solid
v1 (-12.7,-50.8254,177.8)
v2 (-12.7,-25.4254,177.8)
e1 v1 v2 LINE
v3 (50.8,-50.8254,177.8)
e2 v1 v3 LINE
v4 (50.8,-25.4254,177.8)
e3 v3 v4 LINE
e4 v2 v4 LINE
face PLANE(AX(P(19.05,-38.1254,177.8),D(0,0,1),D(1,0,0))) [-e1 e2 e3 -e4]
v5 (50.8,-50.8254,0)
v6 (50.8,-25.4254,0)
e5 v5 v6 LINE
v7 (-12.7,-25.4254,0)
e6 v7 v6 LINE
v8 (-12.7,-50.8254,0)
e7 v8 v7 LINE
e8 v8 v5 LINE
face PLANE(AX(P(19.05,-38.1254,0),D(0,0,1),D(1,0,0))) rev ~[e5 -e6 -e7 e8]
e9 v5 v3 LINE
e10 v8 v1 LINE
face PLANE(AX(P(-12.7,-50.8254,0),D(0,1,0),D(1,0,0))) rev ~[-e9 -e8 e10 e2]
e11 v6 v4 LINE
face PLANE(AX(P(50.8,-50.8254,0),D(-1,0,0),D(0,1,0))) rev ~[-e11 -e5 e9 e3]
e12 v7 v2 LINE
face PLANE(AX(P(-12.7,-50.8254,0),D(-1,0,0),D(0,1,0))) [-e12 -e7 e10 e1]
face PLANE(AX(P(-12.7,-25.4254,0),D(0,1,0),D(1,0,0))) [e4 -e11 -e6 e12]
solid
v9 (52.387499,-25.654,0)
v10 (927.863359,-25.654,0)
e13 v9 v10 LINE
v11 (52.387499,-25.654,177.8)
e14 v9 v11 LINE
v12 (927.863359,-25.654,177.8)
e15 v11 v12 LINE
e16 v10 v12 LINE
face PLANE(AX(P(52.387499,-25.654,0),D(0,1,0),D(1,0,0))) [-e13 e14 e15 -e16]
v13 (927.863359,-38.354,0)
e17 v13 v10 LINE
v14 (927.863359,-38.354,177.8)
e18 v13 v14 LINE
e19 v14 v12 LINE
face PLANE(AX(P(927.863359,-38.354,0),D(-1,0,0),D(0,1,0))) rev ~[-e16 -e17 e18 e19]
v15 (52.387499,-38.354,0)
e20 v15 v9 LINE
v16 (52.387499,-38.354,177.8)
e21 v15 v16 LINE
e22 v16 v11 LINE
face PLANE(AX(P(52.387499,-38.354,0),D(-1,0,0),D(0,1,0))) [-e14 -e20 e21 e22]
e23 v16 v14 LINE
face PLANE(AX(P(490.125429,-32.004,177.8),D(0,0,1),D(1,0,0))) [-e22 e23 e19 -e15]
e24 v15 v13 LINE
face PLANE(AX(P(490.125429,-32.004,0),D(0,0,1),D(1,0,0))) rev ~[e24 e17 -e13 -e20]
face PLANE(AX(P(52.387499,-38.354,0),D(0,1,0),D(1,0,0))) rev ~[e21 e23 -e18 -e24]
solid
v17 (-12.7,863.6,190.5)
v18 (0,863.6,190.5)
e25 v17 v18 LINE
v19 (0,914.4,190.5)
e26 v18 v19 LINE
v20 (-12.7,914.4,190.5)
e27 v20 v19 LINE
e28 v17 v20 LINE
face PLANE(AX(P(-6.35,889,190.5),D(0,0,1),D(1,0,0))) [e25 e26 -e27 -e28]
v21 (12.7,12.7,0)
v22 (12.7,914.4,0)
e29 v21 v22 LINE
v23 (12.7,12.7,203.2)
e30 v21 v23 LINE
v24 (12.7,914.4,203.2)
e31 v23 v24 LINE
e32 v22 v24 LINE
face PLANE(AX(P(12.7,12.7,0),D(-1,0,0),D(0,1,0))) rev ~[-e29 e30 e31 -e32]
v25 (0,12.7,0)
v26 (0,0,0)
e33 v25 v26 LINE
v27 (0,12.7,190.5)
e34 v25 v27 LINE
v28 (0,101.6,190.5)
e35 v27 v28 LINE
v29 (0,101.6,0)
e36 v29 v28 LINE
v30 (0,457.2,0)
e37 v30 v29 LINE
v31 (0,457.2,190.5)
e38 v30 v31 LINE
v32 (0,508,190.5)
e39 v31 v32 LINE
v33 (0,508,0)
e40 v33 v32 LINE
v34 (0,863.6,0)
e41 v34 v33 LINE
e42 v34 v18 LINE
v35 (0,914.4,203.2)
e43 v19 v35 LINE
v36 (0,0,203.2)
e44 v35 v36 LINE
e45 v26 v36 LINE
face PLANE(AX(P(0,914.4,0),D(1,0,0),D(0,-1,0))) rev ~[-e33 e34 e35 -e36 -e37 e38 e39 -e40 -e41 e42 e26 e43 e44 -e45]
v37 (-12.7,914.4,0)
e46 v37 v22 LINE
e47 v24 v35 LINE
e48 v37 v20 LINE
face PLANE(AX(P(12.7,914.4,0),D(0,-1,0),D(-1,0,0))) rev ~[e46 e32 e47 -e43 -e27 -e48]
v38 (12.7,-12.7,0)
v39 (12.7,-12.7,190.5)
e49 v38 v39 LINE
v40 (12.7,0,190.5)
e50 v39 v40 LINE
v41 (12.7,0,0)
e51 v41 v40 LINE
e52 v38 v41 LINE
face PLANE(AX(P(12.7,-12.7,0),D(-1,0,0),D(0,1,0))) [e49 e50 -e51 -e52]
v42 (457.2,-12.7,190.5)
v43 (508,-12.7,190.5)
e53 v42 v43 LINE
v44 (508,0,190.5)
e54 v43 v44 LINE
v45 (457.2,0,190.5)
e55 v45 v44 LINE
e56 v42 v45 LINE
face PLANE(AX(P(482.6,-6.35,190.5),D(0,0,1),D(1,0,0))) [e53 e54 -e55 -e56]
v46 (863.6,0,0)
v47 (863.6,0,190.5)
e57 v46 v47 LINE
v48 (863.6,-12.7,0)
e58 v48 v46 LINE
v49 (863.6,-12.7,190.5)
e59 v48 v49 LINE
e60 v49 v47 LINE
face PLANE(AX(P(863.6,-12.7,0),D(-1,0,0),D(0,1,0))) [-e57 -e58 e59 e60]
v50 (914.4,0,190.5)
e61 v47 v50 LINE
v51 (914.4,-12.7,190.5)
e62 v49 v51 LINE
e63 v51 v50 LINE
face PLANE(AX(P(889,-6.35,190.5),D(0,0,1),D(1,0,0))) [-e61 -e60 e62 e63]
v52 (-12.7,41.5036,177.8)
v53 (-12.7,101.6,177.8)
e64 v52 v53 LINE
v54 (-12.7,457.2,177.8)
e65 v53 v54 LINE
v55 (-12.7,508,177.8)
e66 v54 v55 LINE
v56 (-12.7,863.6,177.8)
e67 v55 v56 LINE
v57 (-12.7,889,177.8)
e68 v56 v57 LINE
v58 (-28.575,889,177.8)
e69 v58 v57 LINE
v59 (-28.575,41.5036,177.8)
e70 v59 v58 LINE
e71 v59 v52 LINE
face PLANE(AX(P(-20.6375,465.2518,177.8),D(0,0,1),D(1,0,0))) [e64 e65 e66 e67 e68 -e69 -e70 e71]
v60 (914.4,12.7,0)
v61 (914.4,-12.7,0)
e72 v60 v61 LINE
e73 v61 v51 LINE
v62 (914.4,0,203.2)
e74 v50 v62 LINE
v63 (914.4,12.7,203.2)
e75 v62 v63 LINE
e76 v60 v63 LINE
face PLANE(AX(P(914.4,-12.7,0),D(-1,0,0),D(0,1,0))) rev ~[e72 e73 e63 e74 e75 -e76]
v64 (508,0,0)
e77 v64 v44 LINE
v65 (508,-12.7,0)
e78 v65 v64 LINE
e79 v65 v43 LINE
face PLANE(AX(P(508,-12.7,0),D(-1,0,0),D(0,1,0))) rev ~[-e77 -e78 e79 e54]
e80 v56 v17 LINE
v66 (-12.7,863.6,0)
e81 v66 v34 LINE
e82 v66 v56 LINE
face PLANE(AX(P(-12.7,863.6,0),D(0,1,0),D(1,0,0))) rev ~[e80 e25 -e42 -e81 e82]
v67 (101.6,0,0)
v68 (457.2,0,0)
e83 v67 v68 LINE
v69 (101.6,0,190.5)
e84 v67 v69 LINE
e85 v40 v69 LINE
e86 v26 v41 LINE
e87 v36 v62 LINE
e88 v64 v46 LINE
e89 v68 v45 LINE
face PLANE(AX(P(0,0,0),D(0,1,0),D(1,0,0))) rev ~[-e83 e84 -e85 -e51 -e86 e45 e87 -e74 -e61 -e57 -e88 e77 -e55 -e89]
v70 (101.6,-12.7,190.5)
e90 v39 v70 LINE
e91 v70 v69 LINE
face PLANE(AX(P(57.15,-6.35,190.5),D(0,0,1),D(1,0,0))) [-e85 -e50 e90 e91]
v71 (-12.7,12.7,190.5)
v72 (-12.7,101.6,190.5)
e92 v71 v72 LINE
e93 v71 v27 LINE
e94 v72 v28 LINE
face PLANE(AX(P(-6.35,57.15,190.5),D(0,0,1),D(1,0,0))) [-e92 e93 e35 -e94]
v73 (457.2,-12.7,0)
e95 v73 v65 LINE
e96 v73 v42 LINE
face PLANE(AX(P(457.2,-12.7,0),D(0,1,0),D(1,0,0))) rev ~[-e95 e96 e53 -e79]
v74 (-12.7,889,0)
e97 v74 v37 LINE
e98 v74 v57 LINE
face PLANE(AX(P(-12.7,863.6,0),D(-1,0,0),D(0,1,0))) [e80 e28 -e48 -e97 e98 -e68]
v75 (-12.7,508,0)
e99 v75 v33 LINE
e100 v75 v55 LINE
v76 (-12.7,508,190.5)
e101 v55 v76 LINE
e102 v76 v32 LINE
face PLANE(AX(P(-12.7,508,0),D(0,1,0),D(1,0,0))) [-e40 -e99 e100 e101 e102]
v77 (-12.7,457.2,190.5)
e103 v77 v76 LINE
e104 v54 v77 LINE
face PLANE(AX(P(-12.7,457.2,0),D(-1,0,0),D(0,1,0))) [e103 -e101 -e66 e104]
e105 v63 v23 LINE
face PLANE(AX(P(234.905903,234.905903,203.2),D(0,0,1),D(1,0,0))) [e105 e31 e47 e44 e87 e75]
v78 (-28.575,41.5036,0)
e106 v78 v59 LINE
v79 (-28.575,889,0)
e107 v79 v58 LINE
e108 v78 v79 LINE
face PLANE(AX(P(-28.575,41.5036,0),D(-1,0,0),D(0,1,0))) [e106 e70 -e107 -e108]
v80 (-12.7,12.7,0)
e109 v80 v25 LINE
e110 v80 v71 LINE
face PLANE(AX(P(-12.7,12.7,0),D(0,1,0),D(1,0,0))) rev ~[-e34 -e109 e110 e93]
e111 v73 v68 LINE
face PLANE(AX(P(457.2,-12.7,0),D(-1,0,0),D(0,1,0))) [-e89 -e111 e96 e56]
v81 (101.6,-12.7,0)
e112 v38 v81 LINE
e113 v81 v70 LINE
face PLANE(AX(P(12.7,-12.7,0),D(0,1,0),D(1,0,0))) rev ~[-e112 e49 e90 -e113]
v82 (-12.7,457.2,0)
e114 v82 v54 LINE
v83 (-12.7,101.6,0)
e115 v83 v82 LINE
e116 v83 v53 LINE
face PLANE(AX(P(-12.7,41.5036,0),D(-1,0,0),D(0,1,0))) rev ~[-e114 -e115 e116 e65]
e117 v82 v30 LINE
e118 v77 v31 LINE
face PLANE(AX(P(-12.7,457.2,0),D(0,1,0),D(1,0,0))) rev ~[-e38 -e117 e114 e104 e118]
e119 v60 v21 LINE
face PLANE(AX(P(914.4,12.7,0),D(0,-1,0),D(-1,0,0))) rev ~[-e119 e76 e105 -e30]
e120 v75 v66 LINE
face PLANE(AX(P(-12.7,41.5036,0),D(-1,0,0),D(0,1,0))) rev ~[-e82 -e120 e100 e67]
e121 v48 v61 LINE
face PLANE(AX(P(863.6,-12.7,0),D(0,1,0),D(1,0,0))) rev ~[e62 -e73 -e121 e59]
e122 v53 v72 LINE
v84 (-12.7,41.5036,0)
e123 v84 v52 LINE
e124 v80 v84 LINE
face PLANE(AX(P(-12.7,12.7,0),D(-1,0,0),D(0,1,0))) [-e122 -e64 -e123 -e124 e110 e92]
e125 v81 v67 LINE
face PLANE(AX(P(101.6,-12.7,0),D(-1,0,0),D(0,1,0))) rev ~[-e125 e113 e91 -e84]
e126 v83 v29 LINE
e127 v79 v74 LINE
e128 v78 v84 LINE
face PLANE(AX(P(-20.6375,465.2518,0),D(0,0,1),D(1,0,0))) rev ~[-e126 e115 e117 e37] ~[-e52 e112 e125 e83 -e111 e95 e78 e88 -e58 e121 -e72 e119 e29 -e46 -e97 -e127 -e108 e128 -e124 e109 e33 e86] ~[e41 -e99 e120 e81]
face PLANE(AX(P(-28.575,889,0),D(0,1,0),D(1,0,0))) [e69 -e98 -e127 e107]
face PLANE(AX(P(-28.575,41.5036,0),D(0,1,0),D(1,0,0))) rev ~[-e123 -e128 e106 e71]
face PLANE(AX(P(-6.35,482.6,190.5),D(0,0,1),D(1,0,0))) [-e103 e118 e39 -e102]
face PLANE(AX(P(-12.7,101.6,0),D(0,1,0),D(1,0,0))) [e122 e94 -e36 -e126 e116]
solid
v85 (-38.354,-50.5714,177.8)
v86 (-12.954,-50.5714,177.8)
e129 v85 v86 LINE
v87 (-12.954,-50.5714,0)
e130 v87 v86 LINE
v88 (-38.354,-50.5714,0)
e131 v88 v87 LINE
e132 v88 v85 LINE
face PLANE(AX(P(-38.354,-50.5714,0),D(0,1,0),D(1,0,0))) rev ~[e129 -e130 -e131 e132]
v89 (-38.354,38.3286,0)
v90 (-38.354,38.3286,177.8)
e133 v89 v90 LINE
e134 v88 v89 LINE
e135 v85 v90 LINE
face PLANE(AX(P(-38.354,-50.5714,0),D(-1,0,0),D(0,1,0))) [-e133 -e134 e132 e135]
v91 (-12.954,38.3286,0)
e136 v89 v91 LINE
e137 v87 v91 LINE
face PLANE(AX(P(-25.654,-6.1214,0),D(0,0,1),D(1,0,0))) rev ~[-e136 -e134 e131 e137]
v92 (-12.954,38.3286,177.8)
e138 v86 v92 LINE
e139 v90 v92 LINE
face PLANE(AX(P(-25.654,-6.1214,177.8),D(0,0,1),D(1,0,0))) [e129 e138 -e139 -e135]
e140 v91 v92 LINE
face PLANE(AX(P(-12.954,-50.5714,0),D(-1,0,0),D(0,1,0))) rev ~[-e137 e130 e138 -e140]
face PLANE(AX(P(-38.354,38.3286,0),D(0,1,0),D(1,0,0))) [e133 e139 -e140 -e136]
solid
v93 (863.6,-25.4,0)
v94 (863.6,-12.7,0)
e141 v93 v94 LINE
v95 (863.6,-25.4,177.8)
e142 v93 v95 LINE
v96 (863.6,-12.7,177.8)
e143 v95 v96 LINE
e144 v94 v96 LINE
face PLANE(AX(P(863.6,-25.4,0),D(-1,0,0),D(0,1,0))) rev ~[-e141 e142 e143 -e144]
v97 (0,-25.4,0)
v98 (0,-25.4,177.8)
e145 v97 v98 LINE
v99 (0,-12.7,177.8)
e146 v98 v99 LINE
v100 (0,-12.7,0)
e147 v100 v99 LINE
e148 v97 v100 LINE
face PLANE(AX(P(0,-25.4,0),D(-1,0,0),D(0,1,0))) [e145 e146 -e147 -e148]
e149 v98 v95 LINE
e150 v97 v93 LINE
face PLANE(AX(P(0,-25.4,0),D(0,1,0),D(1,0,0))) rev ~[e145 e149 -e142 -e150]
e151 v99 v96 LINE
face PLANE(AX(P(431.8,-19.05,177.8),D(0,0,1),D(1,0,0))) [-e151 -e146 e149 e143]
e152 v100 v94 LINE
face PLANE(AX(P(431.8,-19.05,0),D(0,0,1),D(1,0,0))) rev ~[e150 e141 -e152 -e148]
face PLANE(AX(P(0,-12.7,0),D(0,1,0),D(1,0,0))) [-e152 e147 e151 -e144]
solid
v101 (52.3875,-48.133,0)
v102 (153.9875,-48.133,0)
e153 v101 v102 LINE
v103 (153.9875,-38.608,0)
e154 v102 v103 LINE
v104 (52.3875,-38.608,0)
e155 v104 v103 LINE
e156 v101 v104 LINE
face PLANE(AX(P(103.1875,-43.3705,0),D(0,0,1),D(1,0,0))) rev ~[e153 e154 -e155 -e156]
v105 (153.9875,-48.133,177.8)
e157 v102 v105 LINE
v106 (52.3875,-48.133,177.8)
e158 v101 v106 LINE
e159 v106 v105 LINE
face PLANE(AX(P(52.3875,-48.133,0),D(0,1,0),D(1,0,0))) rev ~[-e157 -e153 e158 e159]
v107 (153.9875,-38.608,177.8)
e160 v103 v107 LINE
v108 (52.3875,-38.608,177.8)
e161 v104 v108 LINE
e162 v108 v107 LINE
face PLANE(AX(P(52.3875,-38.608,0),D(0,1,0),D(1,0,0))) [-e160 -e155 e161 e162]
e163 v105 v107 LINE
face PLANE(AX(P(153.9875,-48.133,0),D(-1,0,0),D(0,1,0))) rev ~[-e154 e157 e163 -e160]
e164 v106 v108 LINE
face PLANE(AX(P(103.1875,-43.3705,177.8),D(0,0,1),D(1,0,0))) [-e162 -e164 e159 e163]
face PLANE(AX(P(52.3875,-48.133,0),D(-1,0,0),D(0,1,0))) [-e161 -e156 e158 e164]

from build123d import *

# Parameters (mm, degrees)
F1_DEPTH  = 203.2
F2_W      = 50.8
F2_H      = 12.7
F2_W_2    = 88.9
F2_W_3    = 12.7
F2_H_2    = 88.9
F2_H_3    = 50.8
F3_DEPTH  = 190.5
F4_W      = 25.4
F4_H      = 88.9
F4_W_2    = 63.5
F4_H_2    = 25.4
F5_DEPTH  = 177.8
F6_W      = 15.875
F6_H      = 847.4964
F7_DEPTH  = 177.8
F8_W      = 863.6
F8_H      = 12.7
F9_DEPTH  = 177.8
F10_W     = 875.475859
F10_H     = 12.7
F10_W_2   = 101.6
F10_H_2   = 9.525
F11_DEPTH = 177.8


with BuildPart() as f1:
    # F0 (on Top) → F1 (new body)
    with BuildSketch(Plane.XY):
        Polygon((0, 914.4), (0, 0), (914.4, 0), (914.4, 12.7), (12.7, 12.7), (12.7, 914.4), align=None)
    extrude(amount=F1_DEPTH)

    # F2 (on Top) → F3 (join)
    with BuildSketch(Plane.XY):
        with Locations((482.6, -6.35)):
            Rectangle(F2_W, F2_H)
        with Locations((889, -6.35)):
            Rectangle(F2_W, F2_H)
        with Locations((57.15, -6.35)):
            Rectangle(F2_W_2, F2_H)
        with Locations((-6.35, 57.15)):
            Rectangle(F2_W_3, F2_H_2)
        with Locations((-6.35, 482.6)):
            Rectangle(F2_W_3, F2_H_3)
        with Locations((-6.35, 889)):
            Rectangle(F2_W_3, F2_H_3)
    extrude(amount=F3_DEPTH)

    # F6 (on Top) → F7 (join)
    with BuildSketch(Plane.XY):
        with Locations((-20.6375, 465.2518)):
            Rectangle(F6_W, F6_H)
    extrude(amount=F7_DEPTH)


with BuildPart() as f5:
    # F4 (on Top) → F5 (new body)
    with BuildSketch(Plane.XY):
        with Locations((-25.654, -6.1214)):
            Rectangle(F4_W, F4_H)
        with Locations((19.05, -38.1254)):
            Rectangle(F4_W_2, F4_H_2)
    extrude(amount=F5_DEPTH)


with BuildPart() as f9:
    # F8 (on Top) → F9 (new body)
    with BuildSketch(Plane.XY):
        with Locations((431.8, -19.05)):
            Rectangle(F8_W, F8_H)
    extrude(amount=F9_DEPTH)


with BuildPart() as f11:
    # F10 (on Top) → F11 (new body)
    with BuildSketch(Plane.XY):
        with Locations((490.125429, -32.004)):
            Rectangle(F10_W, F10_H)
        with Locations((103.1875, -43.3705)):
            Rectangle(F10_W_2, F10_H_2)
    extrude(amount=F11_DEPTH)


solid = Compound([f1.part, f5.part, f9.part, f11.part])
